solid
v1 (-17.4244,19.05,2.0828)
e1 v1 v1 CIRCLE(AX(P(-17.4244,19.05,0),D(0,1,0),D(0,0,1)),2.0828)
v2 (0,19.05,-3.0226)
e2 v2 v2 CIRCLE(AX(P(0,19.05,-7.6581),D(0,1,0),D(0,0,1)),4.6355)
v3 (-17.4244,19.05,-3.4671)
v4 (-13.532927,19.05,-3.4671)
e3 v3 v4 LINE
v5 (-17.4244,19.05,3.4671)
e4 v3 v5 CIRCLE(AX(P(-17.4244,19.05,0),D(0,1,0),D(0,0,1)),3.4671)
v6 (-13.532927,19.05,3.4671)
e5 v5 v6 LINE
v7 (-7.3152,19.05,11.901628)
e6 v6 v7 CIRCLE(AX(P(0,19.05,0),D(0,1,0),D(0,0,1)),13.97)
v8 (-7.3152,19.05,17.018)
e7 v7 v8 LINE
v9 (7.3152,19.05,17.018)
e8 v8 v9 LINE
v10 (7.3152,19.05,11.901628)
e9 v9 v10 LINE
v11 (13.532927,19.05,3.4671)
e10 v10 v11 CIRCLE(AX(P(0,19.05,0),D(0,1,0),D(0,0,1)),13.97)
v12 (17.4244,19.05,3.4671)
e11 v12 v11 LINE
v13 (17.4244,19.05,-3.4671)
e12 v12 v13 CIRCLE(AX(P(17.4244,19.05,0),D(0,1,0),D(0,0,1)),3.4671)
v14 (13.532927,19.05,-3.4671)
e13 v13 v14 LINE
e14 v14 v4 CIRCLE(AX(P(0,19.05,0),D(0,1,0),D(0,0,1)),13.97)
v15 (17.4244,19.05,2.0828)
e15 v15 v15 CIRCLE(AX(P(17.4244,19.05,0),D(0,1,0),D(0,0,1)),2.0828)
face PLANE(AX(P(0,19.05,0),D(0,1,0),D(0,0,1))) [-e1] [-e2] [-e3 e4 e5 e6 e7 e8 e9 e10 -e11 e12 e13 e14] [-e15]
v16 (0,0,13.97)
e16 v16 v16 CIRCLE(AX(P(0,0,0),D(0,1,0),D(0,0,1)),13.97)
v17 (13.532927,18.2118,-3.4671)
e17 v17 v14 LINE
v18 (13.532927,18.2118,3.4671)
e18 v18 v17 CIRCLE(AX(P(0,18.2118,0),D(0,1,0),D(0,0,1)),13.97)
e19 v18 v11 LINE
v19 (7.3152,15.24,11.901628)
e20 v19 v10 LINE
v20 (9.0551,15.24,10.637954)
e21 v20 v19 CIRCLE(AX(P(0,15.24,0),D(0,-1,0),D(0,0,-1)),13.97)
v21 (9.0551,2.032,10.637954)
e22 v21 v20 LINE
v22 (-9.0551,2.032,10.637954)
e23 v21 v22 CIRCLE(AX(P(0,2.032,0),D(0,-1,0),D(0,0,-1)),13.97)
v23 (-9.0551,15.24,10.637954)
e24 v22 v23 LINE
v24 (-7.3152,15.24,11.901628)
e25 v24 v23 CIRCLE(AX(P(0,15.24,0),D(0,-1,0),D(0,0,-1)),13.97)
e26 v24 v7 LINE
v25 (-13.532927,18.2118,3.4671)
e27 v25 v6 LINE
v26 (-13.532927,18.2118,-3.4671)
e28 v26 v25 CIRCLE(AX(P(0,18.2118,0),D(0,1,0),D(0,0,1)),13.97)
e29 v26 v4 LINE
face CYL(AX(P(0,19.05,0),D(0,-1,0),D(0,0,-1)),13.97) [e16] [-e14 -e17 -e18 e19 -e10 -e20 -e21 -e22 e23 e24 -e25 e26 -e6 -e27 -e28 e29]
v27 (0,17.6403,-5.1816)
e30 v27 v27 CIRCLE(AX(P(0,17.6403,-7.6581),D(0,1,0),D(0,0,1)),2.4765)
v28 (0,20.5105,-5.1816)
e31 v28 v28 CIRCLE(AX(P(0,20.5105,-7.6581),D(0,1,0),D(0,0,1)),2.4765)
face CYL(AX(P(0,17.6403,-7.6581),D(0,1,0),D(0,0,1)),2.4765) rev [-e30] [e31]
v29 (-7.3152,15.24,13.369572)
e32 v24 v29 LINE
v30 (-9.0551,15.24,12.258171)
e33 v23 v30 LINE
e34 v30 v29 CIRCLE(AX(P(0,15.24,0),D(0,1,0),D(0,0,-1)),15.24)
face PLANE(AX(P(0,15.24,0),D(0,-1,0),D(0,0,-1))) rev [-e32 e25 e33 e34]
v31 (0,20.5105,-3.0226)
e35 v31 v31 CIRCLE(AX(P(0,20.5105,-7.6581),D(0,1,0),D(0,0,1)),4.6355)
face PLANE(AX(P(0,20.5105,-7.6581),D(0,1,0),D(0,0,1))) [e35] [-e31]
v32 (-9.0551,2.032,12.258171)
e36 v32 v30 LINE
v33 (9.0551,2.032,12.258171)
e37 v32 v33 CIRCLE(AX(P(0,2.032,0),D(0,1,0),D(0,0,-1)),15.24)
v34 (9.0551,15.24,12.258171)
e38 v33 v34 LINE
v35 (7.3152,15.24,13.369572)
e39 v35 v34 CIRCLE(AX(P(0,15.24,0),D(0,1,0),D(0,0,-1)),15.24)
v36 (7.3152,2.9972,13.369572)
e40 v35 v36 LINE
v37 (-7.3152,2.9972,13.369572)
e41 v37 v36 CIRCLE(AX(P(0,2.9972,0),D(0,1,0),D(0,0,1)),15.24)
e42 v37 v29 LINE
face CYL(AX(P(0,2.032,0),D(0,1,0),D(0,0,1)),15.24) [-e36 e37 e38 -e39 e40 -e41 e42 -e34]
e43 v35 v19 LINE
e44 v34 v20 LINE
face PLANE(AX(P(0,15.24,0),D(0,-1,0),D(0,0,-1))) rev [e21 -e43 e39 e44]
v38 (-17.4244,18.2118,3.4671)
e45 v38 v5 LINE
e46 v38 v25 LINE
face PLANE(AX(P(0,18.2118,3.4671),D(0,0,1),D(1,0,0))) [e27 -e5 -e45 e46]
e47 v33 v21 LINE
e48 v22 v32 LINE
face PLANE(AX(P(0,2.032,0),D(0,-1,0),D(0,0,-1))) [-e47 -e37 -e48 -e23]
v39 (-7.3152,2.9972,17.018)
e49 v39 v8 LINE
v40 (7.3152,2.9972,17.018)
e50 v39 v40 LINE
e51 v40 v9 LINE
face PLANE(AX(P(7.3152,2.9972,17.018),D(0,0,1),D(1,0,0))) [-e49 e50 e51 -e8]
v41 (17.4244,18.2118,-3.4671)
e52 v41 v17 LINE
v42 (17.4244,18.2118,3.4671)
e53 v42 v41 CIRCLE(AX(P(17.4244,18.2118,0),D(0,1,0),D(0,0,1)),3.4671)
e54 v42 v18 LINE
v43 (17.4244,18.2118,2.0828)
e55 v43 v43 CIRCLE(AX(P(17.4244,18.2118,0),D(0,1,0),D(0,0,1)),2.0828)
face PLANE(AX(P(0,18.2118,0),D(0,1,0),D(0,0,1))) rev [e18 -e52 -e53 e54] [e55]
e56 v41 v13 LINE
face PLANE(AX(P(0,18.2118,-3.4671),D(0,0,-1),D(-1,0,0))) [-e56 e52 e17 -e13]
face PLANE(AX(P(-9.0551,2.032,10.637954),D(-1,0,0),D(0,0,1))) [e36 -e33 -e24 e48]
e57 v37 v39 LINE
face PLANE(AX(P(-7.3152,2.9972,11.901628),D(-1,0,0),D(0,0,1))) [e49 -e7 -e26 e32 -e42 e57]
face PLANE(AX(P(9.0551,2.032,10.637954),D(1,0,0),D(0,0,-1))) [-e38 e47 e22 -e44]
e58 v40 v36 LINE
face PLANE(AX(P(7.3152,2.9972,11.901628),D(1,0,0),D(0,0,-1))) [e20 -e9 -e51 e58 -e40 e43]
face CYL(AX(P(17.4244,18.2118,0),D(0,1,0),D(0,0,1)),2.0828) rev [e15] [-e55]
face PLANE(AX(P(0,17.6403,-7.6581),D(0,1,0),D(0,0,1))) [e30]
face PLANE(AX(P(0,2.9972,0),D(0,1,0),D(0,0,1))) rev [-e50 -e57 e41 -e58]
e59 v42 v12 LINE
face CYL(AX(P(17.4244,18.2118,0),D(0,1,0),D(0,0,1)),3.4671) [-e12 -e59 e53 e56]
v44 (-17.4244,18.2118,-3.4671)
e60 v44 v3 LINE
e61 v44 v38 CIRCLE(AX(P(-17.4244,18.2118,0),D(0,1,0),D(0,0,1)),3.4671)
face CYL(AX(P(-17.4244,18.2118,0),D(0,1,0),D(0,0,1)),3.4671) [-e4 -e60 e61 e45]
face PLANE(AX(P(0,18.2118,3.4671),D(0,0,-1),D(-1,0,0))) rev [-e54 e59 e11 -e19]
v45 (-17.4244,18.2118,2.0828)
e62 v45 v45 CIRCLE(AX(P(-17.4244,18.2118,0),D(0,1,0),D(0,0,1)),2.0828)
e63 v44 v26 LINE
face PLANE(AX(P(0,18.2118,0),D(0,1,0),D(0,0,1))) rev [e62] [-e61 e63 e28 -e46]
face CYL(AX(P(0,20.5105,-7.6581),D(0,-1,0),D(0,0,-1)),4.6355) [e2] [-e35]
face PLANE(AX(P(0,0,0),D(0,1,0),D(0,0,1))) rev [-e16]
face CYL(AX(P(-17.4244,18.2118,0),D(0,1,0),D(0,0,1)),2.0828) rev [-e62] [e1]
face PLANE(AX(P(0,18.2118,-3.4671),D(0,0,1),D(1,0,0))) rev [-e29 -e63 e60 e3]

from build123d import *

# Parameters (mm, degrees)
SKETCH1_R           = 13.97
BOSS_EXTRUDE1_DEPTH = 19.05
SKETCH2_R           = 4.6355
BOSS_EXTRUDE2_DEPTH = 1.4605
SKETCH3_R           = 2.4765
BOSS_EXTRUDE3_DEPTH = 7.8232
CUT_EXTRUDE1_DEPTH  = 6.2611
SKETCH6_R           = 13.97
SKETCH6_R_2         = 2.0828
BOSS_EXTRUDE4_DEPTH = 0.8382
BOSS_EXTRUDE5_DEPTH = 16.0528
BOSS_EXTRUDE6_DEPTH = 13.208
SKETCH9_R           = 2.4765
CUT_EXTRUDE2_DEPTH  = 10.6934


with BuildPart() as part:
    # Sketch1 → Boss-Extrude1 (new body)
    with BuildSketch(Plane(origin=(0, 0, 0), x_dir=(1, 0, 0), z_dir=(0, 1, 0))):
        Circle(SKETCH1_R)
    extrude(amount=BOSS_EXTRUDE1_DEPTH)

    # Sketch2 → Boss-Extrude2 (add)
    with BuildSketch(Plane(origin=(0, 19.05, 0), x_dir=(1, 0, 0), z_dir=(0, 1, 0))):
        with Locations((0, 7.6581)):
            Circle(SKETCH2_R)
    extrude(amount=BOSS_EXTRUDE2_DEPTH)

    # Sketch3 → Boss-Extrude3 (add)
    with BuildSketch(Plane(origin=(0, 20.5105, 0), x_dir=(1, 0, 0), z_dir=(0, 1, 0))):
        with Locations((0, 7.6581)):
            Circle(SKETCH3_R)
    extrude(amount=BOSS_EXTRUDE3_DEPTH)

    # Sketch5 → Cut-Extrude1 (cut)
    with BuildSketch(Plane(origin=(0, 28.3337, 0), x_dir=(1, 0, 0), z_dir=(0, 1, 0))):
        with BuildLine():
            ThreePointArc((1.999998, 9.1186), (0, 10.1346), (-1.999998, 9.1186))
            Line((-1.999998, 9.1186), (1.999998, 9.1186))
        make_face()
        with BuildLine():
            Line((1.999998, 6.1976), (-1.999998, 6.1976))
            ThreePointArc((-1.999998, 6.1976), (0, 5.1816), (1.999998, 6.1976))
        make_face()
    extrude(amount=-CUT_EXTRUDE1_DEPTH, mode=Mode.SUBTRACT)

    # Sketch6 → Boss-Extrude4 (add)
    with BuildSketch(Plane(origin=(0, 19.05, 0), x_dir=(1, 0, 0), z_dir=(0, 1, 0))):
        Circle(SKETCH6_R)
        with BuildLine():
            Line((-17.4244, 3.4671), (-13.532927163, 3.4671))
            ThreePointArc((-13.532927163, 3.4671), (-13.97, 0), (-13.532927163, -3.4671))
            Line((-13.532927163, -3.4671), (-17.4244, -3.4671))
            ThreePointArc((-17.4244, -3.4671), (-20.8915, 0), (-17.4244, 3.4671))
        make_face()
        with Locations((-17.4244, 0)):
            Circle(SKETCH6_R_2, mode=Mode.SUBTRACT)
        with BuildLine():
            Line((17.4244, 3.4671), (13.532927163, 3.4671))
            ThreePointArc((13.532927163, 3.4671), (13.97, 0), (13.532927163, -3.4671))
            Line((13.532927163, -3.4671), (17.4244, -3.4671))
            ThreePointArc((17.4244, -3.4671), (20.8915, 0), (17.4244, 3.4671))
        make_face()
        with Locations((17.4244, 0)):
            Circle(SKETCH6_R_2, mode=Mode.SUBTRACT)
    extrude(amount=-BOSS_EXTRUDE4_DEPTH)

    # Sketch7 → Boss-Extrude5 (add)
    with BuildSketch(Plane(origin=(0, 19.05, 0), x_dir=(1, 0, 0), z_dir=(0, 1, 0))):
        with BuildLine():
            Line((7.3152, -17.018), (-7.3152, -17.018))
            Line((-7.3152, -17.018), (-7.3152, -11.901627996))
            ThreePointArc((-7.3152, -11.901627996), (0, -13.97), (7.3152, -11.901627996))
            Line((7.3152, -11.901627996), (7.3152, -17.018))
        make_face()
    extrude(amount=-BOSS_EXTRUDE5_DEPTH)

    # Sketch8 → Boss-Extrude6 (add)
    with BuildSketch(Plane(origin=(0, 15.24, 0), x_dir=(1, 0, 0), z_dir=(0, 1, 0))):
        with BuildLine():
            Line((-9.0551, -10.637953938), (-9.0551, -12.258171315))
            ThreePointArc((-9.0551, -12.258171315), (0, -15.24), (9.0551, -12.258171315))
            Line((9.0551, -12.258171315), (9.0551, -10.637953938))
            ThreePointArc((9.0551, -10.637953938), (0, -13.97), (-9.0551, -10.637953938))
        make_face()
    extrude(amount=-BOSS_EXTRUDE6_DEPTH)

    # Sketch9 → Cut-Extrude2 (cut)
    with BuildSketch(Plane(origin=(0, 28.3337, 0), x_dir=(1, 0, 0), z_dir=(0, 1, 0))):
        with Locations((0, 7.6581)):
            Circle(SKETCH9_R)
    extrude(amount=-CUT_EXTRUDE2_DEPTH, mode=Mode.SUBTRACT)


solid = part.part
